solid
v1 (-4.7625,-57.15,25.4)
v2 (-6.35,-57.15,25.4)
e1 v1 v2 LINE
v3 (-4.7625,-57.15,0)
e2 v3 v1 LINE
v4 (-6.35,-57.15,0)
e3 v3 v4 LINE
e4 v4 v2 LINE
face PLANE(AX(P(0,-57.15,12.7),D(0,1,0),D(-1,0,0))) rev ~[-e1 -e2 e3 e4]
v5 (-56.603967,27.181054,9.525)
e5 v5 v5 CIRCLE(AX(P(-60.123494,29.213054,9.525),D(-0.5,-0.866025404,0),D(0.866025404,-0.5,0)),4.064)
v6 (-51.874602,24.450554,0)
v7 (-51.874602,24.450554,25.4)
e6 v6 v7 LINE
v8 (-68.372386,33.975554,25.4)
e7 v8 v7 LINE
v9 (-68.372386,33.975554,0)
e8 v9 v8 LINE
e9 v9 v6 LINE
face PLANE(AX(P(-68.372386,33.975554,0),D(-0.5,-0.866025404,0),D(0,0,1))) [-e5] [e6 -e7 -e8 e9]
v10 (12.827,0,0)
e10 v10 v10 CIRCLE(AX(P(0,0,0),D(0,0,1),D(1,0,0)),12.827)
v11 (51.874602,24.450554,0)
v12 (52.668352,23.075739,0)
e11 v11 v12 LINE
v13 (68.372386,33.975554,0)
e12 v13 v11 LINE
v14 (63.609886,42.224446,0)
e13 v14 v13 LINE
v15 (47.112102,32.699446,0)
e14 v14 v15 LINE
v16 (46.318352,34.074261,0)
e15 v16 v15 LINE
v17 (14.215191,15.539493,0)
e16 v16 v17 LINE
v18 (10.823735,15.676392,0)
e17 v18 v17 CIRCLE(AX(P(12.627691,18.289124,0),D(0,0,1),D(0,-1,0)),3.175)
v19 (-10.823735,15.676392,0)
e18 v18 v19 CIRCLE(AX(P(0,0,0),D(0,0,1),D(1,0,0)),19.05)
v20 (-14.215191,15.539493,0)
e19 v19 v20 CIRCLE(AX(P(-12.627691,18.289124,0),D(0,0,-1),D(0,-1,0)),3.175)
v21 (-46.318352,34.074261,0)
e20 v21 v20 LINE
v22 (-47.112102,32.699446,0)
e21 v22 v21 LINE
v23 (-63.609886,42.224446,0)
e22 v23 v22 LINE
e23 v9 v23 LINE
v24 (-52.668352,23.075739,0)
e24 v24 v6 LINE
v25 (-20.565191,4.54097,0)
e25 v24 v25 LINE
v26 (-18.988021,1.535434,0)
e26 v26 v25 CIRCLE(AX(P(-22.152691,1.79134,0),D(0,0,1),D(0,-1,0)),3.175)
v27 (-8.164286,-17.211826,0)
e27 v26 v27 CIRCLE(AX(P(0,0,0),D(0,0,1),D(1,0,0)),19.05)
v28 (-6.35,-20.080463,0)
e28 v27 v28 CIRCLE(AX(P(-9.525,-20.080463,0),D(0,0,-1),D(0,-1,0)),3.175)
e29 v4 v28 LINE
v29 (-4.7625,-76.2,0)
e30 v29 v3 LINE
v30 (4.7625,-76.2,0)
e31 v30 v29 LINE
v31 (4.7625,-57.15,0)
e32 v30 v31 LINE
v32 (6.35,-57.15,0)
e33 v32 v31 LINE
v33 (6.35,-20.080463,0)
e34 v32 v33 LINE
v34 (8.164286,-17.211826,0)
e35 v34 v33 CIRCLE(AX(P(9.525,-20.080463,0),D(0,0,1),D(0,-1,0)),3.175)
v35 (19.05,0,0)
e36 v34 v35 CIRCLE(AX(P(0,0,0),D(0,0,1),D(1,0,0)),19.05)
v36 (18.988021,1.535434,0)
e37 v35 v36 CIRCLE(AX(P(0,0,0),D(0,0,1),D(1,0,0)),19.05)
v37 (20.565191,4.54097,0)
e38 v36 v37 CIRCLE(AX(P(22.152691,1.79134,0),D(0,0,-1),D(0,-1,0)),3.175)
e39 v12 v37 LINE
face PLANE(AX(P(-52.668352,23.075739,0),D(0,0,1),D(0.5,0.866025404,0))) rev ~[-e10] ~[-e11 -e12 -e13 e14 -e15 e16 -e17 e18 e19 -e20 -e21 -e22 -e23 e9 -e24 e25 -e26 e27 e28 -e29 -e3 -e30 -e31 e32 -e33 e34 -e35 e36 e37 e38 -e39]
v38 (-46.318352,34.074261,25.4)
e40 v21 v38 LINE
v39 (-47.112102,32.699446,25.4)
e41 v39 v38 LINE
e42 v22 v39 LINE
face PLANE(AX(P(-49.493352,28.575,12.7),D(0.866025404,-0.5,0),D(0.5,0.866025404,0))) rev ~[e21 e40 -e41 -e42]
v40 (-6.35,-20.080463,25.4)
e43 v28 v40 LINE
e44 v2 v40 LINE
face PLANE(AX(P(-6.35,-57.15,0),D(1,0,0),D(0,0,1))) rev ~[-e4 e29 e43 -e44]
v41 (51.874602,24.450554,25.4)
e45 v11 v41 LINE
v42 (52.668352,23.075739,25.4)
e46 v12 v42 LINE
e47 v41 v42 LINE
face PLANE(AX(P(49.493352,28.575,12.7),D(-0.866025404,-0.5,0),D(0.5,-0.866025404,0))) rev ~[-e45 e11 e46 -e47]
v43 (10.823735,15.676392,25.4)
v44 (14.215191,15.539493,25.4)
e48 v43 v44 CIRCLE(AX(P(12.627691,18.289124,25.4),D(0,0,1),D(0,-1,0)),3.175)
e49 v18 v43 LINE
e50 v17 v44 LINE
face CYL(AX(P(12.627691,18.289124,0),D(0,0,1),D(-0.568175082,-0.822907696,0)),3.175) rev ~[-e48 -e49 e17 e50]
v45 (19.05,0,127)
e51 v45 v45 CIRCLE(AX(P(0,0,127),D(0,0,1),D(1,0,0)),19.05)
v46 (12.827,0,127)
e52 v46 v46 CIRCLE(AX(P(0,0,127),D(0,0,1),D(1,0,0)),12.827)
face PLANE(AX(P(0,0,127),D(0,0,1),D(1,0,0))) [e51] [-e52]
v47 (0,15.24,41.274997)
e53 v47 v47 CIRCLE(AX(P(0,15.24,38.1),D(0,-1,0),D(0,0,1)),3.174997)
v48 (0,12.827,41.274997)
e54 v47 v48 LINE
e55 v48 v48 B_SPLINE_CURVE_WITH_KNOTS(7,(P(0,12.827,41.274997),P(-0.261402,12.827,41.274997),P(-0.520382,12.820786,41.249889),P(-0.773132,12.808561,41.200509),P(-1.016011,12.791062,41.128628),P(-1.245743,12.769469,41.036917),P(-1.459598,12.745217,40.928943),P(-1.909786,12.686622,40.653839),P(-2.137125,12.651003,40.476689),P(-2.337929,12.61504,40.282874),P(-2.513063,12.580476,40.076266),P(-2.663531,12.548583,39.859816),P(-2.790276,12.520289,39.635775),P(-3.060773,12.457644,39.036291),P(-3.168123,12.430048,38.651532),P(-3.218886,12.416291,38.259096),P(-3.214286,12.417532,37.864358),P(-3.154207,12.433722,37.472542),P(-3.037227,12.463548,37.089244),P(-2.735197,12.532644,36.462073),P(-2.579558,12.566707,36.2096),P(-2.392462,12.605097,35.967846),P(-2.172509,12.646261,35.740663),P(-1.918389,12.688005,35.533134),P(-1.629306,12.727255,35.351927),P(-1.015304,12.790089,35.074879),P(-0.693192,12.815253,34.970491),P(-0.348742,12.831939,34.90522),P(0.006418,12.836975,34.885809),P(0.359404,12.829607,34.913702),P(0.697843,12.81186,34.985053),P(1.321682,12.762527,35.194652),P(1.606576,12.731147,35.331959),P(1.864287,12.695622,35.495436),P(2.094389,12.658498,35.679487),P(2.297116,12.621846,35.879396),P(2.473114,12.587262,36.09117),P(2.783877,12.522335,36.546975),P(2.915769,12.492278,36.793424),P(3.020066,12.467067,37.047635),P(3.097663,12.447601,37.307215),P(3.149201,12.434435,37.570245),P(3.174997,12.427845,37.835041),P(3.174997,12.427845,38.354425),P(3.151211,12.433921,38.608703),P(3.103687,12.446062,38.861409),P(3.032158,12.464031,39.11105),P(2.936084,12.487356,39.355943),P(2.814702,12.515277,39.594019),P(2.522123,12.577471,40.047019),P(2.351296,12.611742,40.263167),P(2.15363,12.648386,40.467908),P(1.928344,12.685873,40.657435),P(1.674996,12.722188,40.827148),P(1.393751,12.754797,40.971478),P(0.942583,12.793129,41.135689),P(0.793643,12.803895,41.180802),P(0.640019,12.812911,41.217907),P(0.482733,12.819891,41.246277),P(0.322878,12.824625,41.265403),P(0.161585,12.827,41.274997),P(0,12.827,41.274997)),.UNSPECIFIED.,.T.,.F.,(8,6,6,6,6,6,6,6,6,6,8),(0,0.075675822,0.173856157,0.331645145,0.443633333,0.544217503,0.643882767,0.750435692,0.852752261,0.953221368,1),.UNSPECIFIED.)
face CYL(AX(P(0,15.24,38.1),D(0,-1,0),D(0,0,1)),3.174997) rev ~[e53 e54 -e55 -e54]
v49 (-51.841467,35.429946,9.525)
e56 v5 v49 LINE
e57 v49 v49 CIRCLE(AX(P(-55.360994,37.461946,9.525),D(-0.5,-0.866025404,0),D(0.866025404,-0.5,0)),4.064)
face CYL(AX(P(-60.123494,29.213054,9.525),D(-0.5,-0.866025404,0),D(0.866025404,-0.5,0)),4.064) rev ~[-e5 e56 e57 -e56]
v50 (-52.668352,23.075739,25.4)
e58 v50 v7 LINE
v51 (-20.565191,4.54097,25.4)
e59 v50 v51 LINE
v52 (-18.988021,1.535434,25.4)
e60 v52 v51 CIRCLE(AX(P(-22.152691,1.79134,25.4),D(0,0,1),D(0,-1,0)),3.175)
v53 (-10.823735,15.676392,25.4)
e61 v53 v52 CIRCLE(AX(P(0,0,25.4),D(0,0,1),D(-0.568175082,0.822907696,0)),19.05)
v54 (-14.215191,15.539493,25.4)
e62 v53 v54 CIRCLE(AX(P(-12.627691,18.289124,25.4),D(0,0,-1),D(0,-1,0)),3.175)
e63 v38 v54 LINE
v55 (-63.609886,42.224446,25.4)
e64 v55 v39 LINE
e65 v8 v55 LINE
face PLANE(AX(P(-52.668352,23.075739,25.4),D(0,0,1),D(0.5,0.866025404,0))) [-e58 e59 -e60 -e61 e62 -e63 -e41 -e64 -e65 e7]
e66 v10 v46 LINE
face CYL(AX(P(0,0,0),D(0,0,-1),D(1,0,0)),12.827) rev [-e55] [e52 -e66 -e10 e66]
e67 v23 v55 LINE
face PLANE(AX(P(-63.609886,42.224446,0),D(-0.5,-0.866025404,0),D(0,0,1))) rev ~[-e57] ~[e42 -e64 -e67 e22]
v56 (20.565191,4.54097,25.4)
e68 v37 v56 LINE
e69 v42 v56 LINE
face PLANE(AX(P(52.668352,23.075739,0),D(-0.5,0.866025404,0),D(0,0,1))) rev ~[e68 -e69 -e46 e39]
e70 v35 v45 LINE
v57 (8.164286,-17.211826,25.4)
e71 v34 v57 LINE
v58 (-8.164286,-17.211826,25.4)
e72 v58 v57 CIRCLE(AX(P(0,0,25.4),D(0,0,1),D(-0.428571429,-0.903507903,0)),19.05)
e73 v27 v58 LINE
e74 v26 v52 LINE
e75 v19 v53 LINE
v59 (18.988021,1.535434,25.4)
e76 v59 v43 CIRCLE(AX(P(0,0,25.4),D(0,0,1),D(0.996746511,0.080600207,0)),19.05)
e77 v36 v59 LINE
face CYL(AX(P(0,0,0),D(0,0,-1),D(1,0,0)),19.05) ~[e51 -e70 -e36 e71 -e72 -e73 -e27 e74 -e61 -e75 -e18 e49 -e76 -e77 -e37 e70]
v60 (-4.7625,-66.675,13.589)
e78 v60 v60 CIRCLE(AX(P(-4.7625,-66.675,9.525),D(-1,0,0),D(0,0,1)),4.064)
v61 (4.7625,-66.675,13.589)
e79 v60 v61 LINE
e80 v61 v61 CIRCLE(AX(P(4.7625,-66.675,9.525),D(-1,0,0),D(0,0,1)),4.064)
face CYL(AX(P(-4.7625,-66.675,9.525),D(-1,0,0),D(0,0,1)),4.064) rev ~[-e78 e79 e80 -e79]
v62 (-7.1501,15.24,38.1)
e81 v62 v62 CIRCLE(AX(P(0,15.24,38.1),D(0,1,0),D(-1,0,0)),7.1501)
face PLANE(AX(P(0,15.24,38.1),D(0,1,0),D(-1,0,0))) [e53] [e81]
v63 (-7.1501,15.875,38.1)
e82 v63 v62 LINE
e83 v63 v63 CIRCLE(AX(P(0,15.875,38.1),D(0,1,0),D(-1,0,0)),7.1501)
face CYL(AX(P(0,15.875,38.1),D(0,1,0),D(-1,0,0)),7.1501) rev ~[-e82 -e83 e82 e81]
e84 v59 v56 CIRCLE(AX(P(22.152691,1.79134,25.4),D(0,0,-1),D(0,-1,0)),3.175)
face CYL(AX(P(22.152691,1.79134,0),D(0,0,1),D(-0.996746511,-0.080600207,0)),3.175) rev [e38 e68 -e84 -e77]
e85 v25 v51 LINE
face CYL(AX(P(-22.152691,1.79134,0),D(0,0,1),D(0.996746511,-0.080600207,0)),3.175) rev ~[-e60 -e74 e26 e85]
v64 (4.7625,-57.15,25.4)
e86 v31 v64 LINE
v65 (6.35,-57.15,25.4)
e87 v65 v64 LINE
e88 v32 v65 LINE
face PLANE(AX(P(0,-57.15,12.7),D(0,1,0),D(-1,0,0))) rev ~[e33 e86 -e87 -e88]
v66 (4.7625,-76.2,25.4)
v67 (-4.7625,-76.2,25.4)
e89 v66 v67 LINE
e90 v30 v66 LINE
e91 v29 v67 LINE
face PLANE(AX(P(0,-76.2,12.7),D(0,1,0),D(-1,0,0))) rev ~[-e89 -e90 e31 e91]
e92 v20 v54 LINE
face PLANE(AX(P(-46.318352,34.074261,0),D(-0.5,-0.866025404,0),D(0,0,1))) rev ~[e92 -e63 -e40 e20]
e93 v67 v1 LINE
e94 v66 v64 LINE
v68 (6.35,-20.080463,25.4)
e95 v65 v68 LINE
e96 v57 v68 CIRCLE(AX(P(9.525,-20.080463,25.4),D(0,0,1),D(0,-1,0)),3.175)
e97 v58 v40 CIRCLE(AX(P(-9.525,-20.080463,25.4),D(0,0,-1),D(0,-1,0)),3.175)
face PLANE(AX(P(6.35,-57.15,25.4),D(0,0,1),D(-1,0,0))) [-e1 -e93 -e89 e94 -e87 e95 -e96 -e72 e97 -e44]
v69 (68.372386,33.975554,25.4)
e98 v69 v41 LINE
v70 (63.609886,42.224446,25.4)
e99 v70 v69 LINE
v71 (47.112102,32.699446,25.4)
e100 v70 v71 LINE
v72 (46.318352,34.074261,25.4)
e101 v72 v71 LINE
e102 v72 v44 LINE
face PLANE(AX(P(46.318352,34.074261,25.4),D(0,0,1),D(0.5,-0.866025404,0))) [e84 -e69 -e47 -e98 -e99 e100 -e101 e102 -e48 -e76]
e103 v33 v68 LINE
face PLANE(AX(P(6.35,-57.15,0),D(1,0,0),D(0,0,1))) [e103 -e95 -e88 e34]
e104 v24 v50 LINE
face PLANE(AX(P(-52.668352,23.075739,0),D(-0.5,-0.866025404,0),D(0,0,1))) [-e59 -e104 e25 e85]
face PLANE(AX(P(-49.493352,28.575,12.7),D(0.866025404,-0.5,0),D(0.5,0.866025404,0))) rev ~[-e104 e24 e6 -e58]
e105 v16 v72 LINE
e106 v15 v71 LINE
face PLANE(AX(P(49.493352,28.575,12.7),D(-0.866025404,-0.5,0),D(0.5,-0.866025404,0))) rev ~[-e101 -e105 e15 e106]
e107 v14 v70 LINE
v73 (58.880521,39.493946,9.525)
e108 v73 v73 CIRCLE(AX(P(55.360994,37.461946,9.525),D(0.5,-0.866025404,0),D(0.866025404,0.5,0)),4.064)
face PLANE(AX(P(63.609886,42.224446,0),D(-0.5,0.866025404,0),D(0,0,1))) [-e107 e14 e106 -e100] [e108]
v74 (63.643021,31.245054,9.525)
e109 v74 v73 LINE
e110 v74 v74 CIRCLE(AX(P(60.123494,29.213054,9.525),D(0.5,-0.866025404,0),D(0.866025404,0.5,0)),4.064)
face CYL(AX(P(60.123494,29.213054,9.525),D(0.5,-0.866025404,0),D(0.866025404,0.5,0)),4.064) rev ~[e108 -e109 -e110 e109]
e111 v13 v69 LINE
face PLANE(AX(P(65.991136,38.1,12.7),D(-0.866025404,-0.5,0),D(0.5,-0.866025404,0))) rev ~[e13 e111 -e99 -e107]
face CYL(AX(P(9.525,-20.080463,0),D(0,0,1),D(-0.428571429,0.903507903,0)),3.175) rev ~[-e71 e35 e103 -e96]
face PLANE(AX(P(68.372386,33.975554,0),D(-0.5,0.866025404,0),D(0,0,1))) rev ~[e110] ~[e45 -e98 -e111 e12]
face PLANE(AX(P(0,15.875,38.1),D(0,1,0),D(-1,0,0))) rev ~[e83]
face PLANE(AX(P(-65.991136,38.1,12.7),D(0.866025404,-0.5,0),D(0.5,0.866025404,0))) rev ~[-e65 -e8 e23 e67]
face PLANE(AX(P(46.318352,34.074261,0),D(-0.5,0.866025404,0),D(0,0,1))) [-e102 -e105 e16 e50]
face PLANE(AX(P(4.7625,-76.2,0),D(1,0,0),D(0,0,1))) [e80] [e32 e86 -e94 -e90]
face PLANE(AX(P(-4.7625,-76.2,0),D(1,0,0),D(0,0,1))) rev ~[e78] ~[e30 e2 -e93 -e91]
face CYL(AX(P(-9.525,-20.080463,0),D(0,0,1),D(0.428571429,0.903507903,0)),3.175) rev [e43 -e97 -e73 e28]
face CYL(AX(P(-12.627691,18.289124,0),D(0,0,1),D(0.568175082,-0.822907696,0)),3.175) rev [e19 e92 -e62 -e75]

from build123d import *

# Parameters (mm, degrees)
SKETCH1_R           = 19.05
SKETCH1_R_2         = 12.827
BASE_EXTRUDE_DEPTH  = 127
SKETCH2_W           = 9.525
SKETCH2_H           = 25.4
BOSS_EXTRUDE1_DEPTH = 57.754917
SKETCH3_R           = 4.064
CUT_EXTRUDE1_DEPTH  = 24.8125
CIRPATTERN1_COUNT   = 3
SKETCH6_R           = 4.064
CUT_EXTRUDE2_DEPTH  = 76.516135768
SKETCH7_R           = 4.064
CUT_EXTRUDE3_DEPTH  = 76.516135768
SKETCH10_R          = 7.1501
CUT_EXTRUDE4_DEPTH  = 0.635
SKETCH13_W          = 12.7
SKETCH13_H          = 25.4
BOSS_EXTRUDE3_DEPTH = 39.189488
CIRPATTERN2_COUNT   = 3
FILLET1_R           = 3.175
FILLET2_R           = 3.175
FILLET3_R           = 3.175


with BuildPart() as part:
    # Sketch1 → Base-Extrude (new body)
    with BuildSketch(Plane.XY):
        Circle(SKETCH1_R)
        Circle(SKETCH1_R_2, mode=Mode.SUBTRACT)
    extrude(amount=BASE_EXTRUDE_DEPTH)

    # Sketch2 → Boss-Extrude1 (add)
    with BuildSketch(Plane(origin=(0, -76.2, 0), x_dir=(-1, 0, 0), z_dir=(0, 1, 0))):
        with Locations((0, 12.7)):
            Rectangle(SKETCH2_W, SKETCH2_H)
    boss_extrude1 = extrude(amount=BOSS_EXTRUDE1_DEPTH)

    # Sketch3 → Cut-Extrude1 (cut, through all)
    with BuildSketch(Plane.ZY.offset(4.7625)):
        with Locations((9.525, -66.675)):
            Circle(SKETCH3_R)
    extrude(amount=-CUT_EXTRUDE1_DEPTH, mode=Mode.SUBTRACT)

    # CirPattern1: Boss-Extrude1 ×3 about axis
    cirpattern1_axis = Axis((0, 0, 0), (0, 0, 1))
    for i in range(1, CIRPATTERN1_COUNT):
        add(boss_extrude1.rotate(cirpattern1_axis, i * 360 / CIRPATTERN1_COUNT))

    # Sketch6 → Cut-Extrude2 (cut, through all)
    with BuildSketch(Plane(origin=(-45.618861607, 20.838800715, 50.936831184), x_dir=(0.866025404, -0.5, 0), z_dir=(-0.5, -0.866025404, 0))):
        with Locations((-16.748506599, -41.411831184)):
            Circle(SKETCH6_R)
    extrude(amount=-CUT_EXTRUDE2_DEPTH, mode=Mode.SUBTRACT)

    # Sketch7 → Cut-Extrude3 (cut, through all)
    with BuildSketch(Plane(origin=(34.377585278, 14.3486468, 49.693003082), x_dir=(0.866025404, 0.5, 0), z_dir=(0.5, -0.866025404, 0))):
        with Locations((29.728814428, -40.168003082)):
            Circle(SKETCH7_R)
    extrude(amount=-CUT_EXTRUDE3_DEPTH, mode=Mode.SUBTRACT)

    # Sketch10 → Cut-Extrude4 (cut)
    with BuildSketch(Plane(origin=(0, 15.875, 0), x_dir=(-1, 0, 0), z_dir=(0, 1, 0))):
        with Locations((0, 38.1)):
            Circle(SKETCH10_R)
    extrude(amount=-CUT_EXTRUDE4_DEPTH, mode=Mode.SUBTRACT)

    # Sketch12 → Hole2 (revolve, cut)
    with BuildSketch(Plane(origin=(0, 15.24, 38.1), x_dir=(0, 0, 1), z_dir=(1, 0, 0))):
        Polygon((0, 0), (0, 14.233804302), (2.552697789, 12.699989), (2.552697789, 9.52499175), (3.17499725, 9.52499175), (3.17499725, 0.002539998), (3.17499725, 0), align=None)
    revolve(axis=Axis((0, 15.24, 38.1), (0, -1, 0)), mode=Mode.SUBTRACT)

    # Sketch13 → Boss-Extrude3 (add)
    with BuildSketch(Plane(origin=(0, -57.15, 0), x_dir=(-1, 0, 0), z_dir=(0, 1, 0))):
        with Locations((0, 12.7)):
            Rectangle(SKETCH13_W, SKETCH13_H)
    boss_extrude3 = extrude(amount=BOSS_EXTRUDE3_DEPTH)

    # CirPattern2: Boss-Extrude3 ×3 about axis
    cirpattern2_axis = Axis((0, 0, 0), (0, 0, 1))
    for i in range(1, CIRPATTERN2_COUNT):
        add(boss_extrude3.rotate(cirpattern2_axis, i * 360 / CIRPATTERN2_COUNT))

    # Fillet1
    fillet1_edges = [part.edges().sort_by_distance(p)[0] for p in [
        (-12.379259657, 14.479517314, 12.7),
        (12.379259657, 14.479517314, 12.7),
    ]]
    fillet(fillet1_edges, radius=FILLET1_R)

    # Fillet2
    fillet2_edges = [part.edges().sort_by_distance(p)[0] for p in [
        (-18.729259657, 3.480994686, 12.7),
        (-6.35, -17.960512, 12.7),
    ]]
    fillet(fillet2_edges, radius=FILLET2_R)

    # Fillet3
    fillet3_edges = [part.edges().sort_by_distance(p)[0] for p in [
        (18.729259657, 3.480994686, 12.7),
        (6.35, -17.960512, 12.7),
    ]]
    fillet(fillet3_edges, radius=FILLET3_R)


solid = part.part
